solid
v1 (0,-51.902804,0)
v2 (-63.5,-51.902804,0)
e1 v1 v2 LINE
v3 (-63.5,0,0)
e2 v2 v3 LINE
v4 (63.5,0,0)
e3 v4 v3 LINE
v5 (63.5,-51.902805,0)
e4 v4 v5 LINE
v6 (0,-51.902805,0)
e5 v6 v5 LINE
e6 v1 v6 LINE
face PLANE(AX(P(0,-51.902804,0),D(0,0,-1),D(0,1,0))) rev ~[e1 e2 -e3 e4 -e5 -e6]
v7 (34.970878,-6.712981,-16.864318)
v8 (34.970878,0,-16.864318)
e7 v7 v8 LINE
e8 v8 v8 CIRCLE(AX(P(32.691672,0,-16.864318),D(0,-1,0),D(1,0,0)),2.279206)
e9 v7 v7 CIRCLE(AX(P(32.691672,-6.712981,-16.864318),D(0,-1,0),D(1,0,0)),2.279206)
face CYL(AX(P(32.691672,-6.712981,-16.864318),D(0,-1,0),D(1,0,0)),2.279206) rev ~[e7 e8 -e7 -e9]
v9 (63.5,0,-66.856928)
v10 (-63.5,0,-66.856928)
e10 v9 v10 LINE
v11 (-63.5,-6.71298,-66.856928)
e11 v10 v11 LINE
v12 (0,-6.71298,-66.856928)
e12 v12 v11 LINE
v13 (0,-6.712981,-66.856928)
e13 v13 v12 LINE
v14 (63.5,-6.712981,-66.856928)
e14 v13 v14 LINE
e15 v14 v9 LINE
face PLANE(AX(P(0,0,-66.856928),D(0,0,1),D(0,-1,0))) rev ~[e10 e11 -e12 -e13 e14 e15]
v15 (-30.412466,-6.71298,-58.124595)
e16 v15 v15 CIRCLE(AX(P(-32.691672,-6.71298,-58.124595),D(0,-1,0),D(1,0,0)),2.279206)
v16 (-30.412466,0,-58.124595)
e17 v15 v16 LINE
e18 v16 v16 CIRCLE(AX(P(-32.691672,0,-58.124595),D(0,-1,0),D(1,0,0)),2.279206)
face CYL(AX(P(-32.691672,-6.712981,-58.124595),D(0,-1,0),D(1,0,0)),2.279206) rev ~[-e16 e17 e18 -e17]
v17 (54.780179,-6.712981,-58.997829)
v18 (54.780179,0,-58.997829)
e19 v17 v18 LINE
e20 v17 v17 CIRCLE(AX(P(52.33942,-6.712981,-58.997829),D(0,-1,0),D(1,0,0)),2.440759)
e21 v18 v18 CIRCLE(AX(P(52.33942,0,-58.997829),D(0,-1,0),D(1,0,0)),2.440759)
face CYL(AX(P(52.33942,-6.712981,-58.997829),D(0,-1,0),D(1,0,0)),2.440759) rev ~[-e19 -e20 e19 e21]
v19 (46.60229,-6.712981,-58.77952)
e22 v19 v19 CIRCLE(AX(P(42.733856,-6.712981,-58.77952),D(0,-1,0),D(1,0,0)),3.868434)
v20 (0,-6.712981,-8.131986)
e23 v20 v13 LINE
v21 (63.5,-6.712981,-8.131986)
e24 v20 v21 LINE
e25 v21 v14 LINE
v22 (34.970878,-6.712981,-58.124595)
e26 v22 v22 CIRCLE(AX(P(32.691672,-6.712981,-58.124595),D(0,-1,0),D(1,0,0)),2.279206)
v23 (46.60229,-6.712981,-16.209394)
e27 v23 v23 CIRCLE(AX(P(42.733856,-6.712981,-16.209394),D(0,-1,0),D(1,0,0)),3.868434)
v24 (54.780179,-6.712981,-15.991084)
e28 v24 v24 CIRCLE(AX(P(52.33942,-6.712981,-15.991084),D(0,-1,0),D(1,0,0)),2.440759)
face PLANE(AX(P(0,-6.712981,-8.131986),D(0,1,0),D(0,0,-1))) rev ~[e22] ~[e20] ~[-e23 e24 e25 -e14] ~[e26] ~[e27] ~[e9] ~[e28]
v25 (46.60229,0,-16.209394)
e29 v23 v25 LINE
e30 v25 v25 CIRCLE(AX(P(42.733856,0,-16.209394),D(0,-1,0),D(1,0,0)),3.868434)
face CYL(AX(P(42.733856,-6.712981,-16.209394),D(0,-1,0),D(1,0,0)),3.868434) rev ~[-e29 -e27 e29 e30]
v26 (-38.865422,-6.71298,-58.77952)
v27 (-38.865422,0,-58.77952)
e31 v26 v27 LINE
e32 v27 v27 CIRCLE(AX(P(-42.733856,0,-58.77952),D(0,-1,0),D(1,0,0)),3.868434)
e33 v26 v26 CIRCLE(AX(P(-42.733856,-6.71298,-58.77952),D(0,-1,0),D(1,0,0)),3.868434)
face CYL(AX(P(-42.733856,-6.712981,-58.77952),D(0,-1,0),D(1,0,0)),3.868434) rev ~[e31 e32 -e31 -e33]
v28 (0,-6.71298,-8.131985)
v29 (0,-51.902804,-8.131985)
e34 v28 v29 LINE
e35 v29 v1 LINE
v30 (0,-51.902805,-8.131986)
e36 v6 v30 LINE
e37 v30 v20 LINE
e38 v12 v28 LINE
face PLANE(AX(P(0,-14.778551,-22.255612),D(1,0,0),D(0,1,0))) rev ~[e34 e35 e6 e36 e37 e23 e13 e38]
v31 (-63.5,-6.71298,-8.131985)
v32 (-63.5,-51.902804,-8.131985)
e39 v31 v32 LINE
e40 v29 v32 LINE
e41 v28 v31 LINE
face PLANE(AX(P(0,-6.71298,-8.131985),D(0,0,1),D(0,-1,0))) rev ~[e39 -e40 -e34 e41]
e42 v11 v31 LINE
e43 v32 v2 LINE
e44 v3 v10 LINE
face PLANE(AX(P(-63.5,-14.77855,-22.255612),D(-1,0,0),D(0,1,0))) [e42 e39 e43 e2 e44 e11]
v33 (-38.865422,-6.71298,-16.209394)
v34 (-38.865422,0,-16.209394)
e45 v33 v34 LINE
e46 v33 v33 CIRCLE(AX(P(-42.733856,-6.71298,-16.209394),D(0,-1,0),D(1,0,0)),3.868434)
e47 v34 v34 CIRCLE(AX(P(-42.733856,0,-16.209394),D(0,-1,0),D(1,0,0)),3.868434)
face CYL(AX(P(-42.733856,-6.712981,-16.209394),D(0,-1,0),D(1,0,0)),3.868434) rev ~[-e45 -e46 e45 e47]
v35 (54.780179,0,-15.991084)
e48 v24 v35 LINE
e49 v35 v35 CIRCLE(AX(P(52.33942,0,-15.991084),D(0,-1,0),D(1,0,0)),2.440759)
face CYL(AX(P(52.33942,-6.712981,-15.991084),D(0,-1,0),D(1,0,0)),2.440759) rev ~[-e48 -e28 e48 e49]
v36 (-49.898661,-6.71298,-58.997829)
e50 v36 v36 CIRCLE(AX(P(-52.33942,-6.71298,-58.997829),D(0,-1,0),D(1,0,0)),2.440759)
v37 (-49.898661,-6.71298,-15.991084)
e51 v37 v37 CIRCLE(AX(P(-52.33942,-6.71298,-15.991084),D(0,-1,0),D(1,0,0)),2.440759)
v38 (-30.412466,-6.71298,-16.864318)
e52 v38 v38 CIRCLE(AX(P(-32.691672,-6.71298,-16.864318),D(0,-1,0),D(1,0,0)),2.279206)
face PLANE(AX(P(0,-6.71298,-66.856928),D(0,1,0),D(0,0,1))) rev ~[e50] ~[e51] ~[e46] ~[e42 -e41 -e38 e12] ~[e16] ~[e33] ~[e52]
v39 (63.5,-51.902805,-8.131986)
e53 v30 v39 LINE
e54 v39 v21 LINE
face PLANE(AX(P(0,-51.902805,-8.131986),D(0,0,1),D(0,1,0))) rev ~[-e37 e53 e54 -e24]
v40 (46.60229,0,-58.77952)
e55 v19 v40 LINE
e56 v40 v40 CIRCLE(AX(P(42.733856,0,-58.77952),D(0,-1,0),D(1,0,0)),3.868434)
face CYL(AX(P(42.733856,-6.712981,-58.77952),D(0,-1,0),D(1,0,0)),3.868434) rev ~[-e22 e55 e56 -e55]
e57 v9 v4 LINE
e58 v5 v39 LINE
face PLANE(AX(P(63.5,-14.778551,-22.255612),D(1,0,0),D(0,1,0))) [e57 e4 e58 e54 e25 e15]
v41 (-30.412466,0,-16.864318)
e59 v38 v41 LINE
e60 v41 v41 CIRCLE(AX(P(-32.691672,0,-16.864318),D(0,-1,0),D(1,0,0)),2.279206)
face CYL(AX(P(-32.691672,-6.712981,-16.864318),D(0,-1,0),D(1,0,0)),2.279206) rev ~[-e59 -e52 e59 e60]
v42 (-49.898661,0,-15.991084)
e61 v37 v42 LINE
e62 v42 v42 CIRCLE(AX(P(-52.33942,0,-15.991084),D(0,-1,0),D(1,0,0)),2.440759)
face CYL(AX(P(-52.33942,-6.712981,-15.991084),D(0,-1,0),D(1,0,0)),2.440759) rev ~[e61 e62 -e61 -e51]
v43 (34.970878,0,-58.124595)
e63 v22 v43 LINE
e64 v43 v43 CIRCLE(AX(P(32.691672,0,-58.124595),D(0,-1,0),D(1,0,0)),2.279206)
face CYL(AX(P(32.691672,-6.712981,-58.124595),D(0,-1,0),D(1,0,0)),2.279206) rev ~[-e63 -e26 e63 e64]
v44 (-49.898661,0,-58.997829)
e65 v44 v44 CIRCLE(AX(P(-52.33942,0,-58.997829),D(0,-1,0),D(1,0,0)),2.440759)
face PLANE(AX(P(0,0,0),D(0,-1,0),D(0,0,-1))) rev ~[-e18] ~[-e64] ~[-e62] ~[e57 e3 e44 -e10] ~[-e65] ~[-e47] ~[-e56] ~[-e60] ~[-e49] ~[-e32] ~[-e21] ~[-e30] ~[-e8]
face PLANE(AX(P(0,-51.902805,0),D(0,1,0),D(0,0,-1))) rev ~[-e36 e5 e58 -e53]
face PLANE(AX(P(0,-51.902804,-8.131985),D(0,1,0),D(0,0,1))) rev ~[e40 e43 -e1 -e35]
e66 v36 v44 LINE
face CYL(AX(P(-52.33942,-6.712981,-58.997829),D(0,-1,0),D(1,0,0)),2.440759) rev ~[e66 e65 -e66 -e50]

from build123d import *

# Parameters (mm, degrees)
F1_DEPTH = 63.5
F2_DEPTH = 63.5
F3_R     = 2.440759
F3_R_2   = 3.868434
F3_R_3   = 2.279206
F4_DEPTH = 25.4


with BuildPart() as f1:
    # F0 (on Right) → F1 (new body)
    with BuildSketch(Plane.YZ):
        Polygon((0, 0), (-51.902805, 0), (-51.902805, -8.131986), (-6.712981, -8.131986), (-6.712981, -66.856928), (0, -66.856928), align=None)
    extrude(amount=F1_DEPTH)

    # F1_face (on face) → F2 (join)
    with BuildSketch(Plane(origin=(0, -15.039437, -20.209903), x_dir=(0, 1, 0), z_dir=(-1, 0, 0))):
        Polygon((-36.863367, -20.209903), (15.039437, -20.209903), (15.039437, 46.647025), (8.326457, 46.647025), (8.326457, -12.077918), (-36.863367, -12.077918), align=None)
    extrude(amount=F2_DEPTH)

    # F3 (on face) → F4 (cut)
    with BuildSketch(Plane.XZ.offset(6.712981)):
        with Locations((-52.33942, -15.991084)):
            Circle(F3_R)
        with Locations((-42.733856, -16.209394)):
            Circle(F3_R_2)
        with Locations((-32.691672, -16.864318)):
            Circle(F3_R_3)
        with Locations((32.691672, -16.864318)):
            Circle(F3_R_3)
        with Locations((42.733856, -16.209394)):
            Circle(F3_R_2)
        with Locations((52.33942, -15.991084)):
            Circle(F3_R)
        with Locations((52.33942, -58.997829)):
            Circle(F3_R)
        with Locations((42.733856, -58.77952)):
            Circle(F3_R_2)
        with Locations((32.691672, -58.124595)):
            Circle(F3_R_3)
        with Locations((-52.33942, -58.997829)):
            Circle(F3_R)
        with Locations((-42.733856, -58.77952)):
            Circle(F3_R_2)
        with Locations((-32.691672, -58.124595)):
            Circle(F3_R_3)
    extrude(amount=-F4_DEPTH, mode=Mode.SUBTRACT)


solid = f1.part
